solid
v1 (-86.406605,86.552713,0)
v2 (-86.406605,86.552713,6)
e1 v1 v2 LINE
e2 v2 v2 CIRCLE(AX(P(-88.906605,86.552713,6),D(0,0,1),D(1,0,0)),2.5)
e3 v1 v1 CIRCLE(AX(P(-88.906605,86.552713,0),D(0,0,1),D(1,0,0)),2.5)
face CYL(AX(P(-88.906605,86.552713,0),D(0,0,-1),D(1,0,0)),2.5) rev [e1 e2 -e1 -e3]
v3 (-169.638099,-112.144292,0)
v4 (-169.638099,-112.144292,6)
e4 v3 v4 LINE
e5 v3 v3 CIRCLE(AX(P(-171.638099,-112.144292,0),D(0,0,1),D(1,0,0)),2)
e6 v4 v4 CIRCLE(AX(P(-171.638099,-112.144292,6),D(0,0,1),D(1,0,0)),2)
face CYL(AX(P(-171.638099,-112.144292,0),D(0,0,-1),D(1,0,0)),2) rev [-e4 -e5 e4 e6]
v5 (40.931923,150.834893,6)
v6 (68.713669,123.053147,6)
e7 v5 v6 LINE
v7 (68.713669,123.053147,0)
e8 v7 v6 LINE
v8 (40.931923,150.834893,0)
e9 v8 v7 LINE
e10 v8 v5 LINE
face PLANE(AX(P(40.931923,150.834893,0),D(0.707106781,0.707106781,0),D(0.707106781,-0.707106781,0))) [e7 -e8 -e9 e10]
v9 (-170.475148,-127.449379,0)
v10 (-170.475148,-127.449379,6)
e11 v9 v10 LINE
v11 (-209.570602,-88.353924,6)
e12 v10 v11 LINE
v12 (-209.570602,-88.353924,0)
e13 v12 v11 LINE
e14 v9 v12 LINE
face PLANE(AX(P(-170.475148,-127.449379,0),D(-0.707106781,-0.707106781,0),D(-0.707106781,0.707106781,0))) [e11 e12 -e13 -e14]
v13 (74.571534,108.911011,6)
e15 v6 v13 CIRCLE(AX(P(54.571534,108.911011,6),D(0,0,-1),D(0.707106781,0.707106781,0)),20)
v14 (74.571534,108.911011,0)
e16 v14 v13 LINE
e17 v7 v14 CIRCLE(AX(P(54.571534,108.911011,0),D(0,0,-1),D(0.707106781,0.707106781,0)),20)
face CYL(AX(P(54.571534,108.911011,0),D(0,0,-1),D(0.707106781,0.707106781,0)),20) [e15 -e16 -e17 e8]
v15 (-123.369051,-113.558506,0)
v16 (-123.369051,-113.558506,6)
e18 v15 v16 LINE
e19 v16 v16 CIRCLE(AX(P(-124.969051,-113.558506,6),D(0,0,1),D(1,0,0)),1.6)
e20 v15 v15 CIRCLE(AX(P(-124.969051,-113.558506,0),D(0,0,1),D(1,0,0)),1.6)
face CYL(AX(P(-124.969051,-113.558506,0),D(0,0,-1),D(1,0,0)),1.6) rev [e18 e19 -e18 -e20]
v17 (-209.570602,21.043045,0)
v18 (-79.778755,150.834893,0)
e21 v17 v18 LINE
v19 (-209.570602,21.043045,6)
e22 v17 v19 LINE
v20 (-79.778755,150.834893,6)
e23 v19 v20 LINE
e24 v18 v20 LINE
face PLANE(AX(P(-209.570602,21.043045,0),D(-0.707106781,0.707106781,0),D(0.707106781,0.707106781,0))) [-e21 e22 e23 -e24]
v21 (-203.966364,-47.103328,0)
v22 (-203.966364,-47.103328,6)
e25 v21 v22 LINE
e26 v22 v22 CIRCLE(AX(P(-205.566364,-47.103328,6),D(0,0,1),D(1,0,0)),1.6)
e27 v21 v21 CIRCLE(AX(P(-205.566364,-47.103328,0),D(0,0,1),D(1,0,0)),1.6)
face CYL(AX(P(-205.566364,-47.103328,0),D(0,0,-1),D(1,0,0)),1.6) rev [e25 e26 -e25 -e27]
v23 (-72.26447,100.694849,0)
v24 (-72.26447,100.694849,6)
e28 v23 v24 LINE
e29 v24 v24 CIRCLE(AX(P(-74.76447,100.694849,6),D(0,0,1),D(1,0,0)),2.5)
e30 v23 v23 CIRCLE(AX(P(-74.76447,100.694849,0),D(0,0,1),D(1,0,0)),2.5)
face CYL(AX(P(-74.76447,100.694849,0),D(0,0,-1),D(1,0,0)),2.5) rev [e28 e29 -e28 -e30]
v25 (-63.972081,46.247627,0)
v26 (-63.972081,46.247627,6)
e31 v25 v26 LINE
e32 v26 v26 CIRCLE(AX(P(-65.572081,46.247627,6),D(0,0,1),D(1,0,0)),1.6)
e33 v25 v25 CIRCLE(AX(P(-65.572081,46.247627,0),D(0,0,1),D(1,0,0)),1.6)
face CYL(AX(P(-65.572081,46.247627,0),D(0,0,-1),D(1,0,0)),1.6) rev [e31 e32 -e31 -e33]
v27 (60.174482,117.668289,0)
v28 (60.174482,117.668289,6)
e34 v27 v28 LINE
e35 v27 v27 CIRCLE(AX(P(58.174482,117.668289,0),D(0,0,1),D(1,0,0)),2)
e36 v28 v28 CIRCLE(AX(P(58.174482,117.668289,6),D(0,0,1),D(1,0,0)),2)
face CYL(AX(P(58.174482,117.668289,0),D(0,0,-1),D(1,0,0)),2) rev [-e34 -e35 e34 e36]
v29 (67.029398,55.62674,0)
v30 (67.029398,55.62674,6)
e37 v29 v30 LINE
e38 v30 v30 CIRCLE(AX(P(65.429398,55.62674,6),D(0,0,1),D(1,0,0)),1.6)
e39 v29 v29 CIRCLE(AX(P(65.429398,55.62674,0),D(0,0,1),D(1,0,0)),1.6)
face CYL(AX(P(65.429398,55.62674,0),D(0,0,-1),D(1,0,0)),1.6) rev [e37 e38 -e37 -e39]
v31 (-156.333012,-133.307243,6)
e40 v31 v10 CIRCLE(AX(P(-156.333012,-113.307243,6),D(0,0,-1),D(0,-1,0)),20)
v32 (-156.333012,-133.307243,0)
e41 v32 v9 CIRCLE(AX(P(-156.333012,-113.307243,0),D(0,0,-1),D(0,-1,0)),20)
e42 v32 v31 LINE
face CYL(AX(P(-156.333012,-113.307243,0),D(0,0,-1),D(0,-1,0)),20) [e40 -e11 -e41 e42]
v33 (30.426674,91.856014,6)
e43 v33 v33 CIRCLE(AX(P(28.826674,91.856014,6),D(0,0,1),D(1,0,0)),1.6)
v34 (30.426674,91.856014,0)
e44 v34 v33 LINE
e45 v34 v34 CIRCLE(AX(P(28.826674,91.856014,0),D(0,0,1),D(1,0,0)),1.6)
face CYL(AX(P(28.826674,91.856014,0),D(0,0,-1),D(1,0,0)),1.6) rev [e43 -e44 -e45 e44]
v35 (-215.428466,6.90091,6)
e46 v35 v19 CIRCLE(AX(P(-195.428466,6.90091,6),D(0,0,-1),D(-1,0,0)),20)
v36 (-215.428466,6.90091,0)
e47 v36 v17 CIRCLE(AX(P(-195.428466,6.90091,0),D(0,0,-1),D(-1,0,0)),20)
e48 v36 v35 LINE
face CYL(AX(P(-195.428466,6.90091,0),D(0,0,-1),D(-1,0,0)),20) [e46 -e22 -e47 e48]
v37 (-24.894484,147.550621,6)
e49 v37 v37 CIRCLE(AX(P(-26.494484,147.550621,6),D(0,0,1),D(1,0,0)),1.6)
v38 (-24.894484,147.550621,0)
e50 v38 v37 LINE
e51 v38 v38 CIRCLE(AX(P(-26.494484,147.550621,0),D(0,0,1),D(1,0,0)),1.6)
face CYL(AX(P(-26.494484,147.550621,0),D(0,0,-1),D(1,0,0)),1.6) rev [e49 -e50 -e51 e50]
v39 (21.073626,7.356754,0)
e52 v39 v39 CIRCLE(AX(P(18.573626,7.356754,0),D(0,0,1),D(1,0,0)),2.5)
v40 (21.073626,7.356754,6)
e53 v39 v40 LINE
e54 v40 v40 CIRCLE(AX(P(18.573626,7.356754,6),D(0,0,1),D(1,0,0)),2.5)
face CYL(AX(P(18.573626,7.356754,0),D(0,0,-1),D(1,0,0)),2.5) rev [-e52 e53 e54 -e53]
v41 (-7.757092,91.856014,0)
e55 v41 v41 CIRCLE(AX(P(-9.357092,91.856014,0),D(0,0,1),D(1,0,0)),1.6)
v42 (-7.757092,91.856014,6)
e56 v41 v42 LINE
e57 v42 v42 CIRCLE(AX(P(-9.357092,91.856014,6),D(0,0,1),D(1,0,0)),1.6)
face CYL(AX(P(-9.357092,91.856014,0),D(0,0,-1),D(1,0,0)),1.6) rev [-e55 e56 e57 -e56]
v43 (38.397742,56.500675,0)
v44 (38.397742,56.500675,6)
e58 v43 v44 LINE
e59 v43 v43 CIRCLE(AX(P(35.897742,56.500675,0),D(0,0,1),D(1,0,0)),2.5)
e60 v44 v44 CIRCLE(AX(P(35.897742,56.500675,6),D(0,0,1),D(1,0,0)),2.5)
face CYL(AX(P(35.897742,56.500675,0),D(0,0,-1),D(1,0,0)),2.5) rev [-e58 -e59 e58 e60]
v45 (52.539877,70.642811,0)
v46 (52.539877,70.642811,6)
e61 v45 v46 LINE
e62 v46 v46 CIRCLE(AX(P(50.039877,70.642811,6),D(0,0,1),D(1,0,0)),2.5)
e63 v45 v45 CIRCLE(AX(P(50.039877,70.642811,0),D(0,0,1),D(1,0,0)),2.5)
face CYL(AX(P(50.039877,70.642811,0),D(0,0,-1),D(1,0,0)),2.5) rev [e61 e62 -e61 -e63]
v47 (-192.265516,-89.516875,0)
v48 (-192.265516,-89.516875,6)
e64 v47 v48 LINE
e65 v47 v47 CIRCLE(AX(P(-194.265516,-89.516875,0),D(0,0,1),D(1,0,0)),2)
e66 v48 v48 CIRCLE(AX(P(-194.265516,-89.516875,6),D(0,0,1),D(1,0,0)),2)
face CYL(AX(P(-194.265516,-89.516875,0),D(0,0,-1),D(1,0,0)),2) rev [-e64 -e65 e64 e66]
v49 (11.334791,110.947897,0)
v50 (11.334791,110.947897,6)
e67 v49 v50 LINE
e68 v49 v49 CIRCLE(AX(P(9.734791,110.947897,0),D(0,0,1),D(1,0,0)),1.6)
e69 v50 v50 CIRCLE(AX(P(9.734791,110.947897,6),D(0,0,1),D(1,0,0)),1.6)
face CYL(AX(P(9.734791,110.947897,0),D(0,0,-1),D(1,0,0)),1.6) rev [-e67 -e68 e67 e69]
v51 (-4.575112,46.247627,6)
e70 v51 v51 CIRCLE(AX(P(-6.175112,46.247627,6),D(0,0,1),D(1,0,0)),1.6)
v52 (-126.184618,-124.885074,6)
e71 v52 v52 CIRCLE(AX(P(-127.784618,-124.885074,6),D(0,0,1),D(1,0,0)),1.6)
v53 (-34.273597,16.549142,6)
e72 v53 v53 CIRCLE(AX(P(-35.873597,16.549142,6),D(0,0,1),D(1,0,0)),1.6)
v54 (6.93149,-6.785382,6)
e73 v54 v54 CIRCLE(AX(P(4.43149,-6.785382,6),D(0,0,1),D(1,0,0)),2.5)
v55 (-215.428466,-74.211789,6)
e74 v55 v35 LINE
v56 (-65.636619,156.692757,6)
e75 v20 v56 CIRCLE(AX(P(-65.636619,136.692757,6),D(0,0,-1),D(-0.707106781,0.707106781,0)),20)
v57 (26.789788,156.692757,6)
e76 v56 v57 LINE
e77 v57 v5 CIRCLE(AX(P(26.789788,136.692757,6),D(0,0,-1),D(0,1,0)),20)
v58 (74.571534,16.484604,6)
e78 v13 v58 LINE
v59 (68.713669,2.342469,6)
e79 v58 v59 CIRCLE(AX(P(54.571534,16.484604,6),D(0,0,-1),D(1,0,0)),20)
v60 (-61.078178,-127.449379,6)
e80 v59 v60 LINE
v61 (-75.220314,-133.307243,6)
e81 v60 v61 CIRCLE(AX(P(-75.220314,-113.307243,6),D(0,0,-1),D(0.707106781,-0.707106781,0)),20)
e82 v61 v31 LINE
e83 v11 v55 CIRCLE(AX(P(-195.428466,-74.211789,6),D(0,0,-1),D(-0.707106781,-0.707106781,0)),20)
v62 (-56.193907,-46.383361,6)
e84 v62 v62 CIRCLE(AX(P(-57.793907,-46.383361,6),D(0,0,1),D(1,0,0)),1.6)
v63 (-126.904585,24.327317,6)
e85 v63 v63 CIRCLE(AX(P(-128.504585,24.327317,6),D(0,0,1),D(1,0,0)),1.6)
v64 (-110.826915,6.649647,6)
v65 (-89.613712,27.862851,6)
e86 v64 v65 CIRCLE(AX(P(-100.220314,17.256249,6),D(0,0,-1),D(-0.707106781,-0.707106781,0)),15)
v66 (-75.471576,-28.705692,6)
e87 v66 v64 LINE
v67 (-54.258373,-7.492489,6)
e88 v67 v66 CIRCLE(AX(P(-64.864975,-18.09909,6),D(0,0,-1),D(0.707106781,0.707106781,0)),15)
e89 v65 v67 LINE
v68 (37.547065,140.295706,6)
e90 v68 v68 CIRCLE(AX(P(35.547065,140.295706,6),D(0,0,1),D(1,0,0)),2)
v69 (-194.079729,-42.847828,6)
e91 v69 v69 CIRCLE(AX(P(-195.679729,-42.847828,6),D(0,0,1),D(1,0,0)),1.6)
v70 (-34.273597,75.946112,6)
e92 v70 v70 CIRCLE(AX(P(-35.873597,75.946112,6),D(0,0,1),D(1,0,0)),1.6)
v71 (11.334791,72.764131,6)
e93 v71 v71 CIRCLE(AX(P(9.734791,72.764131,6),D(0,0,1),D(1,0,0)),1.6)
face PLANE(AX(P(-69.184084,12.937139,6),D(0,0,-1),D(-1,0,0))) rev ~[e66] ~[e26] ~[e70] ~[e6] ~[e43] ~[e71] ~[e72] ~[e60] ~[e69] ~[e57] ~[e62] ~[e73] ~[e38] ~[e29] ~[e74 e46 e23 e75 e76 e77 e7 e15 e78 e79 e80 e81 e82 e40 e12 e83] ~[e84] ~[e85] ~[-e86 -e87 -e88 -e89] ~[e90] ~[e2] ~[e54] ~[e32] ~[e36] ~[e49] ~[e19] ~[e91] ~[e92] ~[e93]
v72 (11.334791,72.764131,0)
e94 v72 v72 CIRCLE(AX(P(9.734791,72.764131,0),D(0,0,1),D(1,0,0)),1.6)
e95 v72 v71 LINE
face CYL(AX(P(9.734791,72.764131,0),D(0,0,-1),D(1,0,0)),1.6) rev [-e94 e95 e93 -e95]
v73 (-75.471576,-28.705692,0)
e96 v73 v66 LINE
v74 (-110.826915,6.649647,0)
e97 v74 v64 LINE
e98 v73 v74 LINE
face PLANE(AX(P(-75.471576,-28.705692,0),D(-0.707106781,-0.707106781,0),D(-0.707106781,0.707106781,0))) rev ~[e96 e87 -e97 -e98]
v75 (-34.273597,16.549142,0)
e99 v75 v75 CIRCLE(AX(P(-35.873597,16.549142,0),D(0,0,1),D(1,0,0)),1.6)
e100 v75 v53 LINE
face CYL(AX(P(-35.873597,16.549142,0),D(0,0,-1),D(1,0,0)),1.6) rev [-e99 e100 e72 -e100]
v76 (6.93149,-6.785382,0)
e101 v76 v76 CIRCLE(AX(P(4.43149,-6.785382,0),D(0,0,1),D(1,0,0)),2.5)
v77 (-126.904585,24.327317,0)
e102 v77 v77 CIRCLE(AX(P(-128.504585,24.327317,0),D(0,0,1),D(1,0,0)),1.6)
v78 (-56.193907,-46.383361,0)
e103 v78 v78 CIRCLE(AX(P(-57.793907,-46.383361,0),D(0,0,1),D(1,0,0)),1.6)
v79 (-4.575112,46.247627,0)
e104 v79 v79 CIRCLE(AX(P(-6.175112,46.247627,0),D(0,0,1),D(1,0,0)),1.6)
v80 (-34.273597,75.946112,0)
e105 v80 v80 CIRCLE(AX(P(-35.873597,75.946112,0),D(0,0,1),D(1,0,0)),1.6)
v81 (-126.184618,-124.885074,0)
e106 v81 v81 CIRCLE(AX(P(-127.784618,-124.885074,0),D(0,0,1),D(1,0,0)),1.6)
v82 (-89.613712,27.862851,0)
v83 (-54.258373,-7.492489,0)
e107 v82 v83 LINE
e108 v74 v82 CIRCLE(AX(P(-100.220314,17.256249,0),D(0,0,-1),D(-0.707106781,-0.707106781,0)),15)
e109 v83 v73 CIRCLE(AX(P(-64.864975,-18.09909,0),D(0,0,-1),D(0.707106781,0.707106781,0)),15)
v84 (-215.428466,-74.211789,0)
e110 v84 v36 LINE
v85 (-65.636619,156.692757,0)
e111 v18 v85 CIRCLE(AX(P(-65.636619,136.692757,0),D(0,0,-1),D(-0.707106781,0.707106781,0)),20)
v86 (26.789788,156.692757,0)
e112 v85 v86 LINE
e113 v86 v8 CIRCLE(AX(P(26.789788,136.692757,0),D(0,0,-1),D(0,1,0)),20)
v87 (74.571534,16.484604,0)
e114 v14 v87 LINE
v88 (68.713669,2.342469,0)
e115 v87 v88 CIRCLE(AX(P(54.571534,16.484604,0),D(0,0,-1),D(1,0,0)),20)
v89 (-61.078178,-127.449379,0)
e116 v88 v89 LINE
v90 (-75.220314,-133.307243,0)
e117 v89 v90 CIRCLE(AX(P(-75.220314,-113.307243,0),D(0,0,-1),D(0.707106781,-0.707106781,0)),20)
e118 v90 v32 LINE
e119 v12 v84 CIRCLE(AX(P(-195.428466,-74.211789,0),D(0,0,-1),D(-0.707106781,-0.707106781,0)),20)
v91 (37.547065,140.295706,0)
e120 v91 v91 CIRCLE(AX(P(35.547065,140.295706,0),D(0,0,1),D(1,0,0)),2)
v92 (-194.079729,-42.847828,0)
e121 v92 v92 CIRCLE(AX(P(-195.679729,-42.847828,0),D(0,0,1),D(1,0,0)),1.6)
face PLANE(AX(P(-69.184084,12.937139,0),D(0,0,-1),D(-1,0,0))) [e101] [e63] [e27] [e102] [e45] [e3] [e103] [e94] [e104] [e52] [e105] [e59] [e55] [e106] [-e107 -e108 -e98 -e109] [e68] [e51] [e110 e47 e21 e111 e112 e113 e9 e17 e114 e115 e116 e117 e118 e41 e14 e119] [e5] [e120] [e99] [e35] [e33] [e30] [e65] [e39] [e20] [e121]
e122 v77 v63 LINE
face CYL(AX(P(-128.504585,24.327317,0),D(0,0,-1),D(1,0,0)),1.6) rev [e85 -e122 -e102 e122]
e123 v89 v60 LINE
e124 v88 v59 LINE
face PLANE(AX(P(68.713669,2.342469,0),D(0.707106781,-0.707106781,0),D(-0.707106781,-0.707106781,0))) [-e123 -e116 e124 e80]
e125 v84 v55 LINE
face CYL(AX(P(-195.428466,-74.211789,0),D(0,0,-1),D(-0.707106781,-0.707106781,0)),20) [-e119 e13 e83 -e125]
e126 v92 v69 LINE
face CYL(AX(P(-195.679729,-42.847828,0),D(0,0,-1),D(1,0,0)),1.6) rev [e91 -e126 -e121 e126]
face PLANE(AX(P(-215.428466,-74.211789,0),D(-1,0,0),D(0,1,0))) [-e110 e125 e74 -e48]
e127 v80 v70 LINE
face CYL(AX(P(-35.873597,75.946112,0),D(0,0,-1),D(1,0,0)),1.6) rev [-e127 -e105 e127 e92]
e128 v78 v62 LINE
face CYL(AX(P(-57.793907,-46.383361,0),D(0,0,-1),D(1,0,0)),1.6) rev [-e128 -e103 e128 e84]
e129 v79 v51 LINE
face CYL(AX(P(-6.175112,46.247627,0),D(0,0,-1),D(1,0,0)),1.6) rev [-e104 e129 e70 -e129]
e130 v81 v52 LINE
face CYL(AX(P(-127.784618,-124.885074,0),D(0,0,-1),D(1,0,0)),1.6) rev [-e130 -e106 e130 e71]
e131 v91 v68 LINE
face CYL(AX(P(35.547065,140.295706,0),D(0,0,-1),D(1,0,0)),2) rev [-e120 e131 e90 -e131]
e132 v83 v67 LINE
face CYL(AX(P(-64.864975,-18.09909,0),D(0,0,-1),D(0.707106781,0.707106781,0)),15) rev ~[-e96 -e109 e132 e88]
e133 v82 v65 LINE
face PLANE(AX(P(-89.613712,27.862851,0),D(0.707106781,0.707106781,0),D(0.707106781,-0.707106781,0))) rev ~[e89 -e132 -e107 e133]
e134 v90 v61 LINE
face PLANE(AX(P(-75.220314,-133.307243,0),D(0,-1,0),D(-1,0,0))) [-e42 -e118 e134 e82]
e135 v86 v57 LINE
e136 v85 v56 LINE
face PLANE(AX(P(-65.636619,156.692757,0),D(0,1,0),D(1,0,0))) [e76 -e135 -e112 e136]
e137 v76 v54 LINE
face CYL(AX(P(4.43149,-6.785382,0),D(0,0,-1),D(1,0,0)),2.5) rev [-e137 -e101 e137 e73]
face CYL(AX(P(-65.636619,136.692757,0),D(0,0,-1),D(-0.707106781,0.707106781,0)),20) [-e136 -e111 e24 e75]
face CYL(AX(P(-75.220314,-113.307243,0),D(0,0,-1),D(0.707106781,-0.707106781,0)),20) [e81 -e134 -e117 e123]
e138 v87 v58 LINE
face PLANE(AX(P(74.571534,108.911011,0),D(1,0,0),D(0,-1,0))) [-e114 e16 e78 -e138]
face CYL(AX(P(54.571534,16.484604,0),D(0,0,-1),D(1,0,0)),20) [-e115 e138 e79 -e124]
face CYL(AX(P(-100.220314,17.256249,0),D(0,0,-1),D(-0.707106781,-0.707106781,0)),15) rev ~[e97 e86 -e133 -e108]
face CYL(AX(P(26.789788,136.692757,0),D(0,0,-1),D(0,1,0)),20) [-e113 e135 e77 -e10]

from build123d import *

# Parameters (mm, degrees)
SKETCH1_R           = 2
SKETCH1_R_2         = 1.6
SKETCH1_R_3         = 2.5
BOSS_EXTRUDE1_DEPTH = 6


with BuildPart() as part:
    # Sketch1 → Boss-Extrude1 (new body)
    with BuildSketch(Plane.XY):
        with BuildLine():
            Line((-209.57060205, 21.0430454), (-79.778754851, 150.834892598))
            ThreePointArc((-79.778754851, 150.834892598), (-73.290287875, 155.170347624), (-65.636619228, 156.692756974))
            Line((-65.636619228, 156.692756974), (26.789787643, 156.692756974))
            ThreePointArc((26.789787643, 156.692756974), (34.443456291, 155.170347624), (40.931923267, 150.834892598))
            Line((40.931923267, 150.834892598), (68.713669198, 123.053146667))
            ThreePointArc((68.713669198, 123.053146667), (73.049124224, 116.564679691), (74.571533574, 108.911011044))
            Line((74.571533574, 108.911011044), (74.571533574, 16.484604172))
            ThreePointArc((74.571533574, 16.484604172), (73.049124224, 8.830935525), (68.713669198, 2.342468549))
            Line((68.713669198, 2.342468549), (-61.078178001, -127.44937865))
            ThreePointArc((-61.078178001, -127.44937865), (-67.566644977, -131.784833676), (-75.220313624, -133.307243026))
            Line((-75.220313624, -133.307243026), (-156.333011997, -133.307243026))
            ThreePointArc((-156.333011997, -133.307243026), (-163.986680644, -131.784833676), (-170.47514762, -127.44937865))
            Line((-170.47514762, -127.44937865), (-209.57060205, -88.35392422))
            ThreePointArc((-209.57060205, -88.35392422), (-213.906057076, -81.865457244), (-215.428466426, -74.211788596))
            Line((-215.428466426, -74.211788596), (-215.428466426, 6.900909776))
            ThreePointArc((-215.428466426, 6.900909776), (-213.906057076, 14.554578423), (-209.57060205, 21.0430454))
        make_face()
        with Locations((-194.265515522, -89.516875124)):
            Circle(SKETCH1_R, mode=Mode.SUBTRACT)
        with Locations((-171.638098524, -112.144292122)):
            Circle(SKETCH1_R, mode=Mode.SUBTRACT)
        with Locations((-195.679729085, -42.847827566)):
            Circle(SKETCH1_R_2, mode=Mode.SUBTRACT)
        with Locations((-124.969050966, -113.558505684)):
            Circle(SKETCH1_R_2, mode=Mode.SUBTRACT)
        with Locations((-57.793906753, -46.383361472)):
            Circle(SKETCH1_R_2, mode=Mode.SUBTRACT)
        with Locations((-128.504584872, 24.327316647)):
            Circle(SKETCH1_R_2, mode=Mode.SUBTRACT)
        with Locations((-205.566364073, -47.103328201)):
            Circle(SKETCH1_R_2, mode=Mode.SUBTRACT)
        with Locations((-127.784618142, -124.885074131)):
            Circle(SKETCH1_R_2, mode=Mode.SUBTRACT)
        with Locations((-65.572081346, 46.247626864)):
            Circle(SKETCH1_R_2, mode=Mode.SUBTRACT)
        with Locations((-35.873596536, 16.549142054)):
            Circle(SKETCH1_R_2, mode=Mode.SUBTRACT)
        with Locations((-6.175111727, 46.247626864)):
            Circle(SKETCH1_R_2, mode=Mode.SUBTRACT)
        with Locations((-35.873596536, 75.946111674)):
            Circle(SKETCH1_R_2, mode=Mode.SUBTRACT)
        with Locations((-9.357092242, 91.85601425)):
            Circle(SKETCH1_R_2, mode=Mode.SUBTRACT)
        with Locations((9.73479085, 72.764131158)):
            Circle(SKETCH1_R_2, mode=Mode.SUBTRACT)
        with Locations((28.826673942, 91.85601425)):
            Circle(SKETCH1_R_2, mode=Mode.SUBTRACT)
        with Locations((9.73479085, 110.947897342)):
            Circle(SKETCH1_R_2, mode=Mode.SUBTRACT)
        with Locations((35.547065377, 140.295705776)):
            Circle(SKETCH1_R, mode=Mode.SUBTRACT)
        with Locations((58.174482375, 117.668288778)):
            Circle(SKETCH1_R, mode=Mode.SUBTRACT)
        with Locations((50.039877378, 70.642810815)):
            Circle(SKETCH1_R_3, mode=Mode.SUBTRACT)
        with Locations((35.897741754, 56.500675191)):
            Circle(SKETCH1_R_3, mode=Mode.SUBTRACT)
        with Locations((18.573625615, 7.356753899)):
            Circle(SKETCH1_R_3, mode=Mode.SUBTRACT)
        with Locations((4.431489991, -6.785381725)):
            Circle(SKETCH1_R_3, mode=Mode.SUBTRACT)
        with Locations((-74.764469502, 100.694849015)):
            Circle(SKETCH1_R_3, mode=Mode.SUBTRACT)
        with Locations((-88.906605125, 86.552713392)):
            Circle(SKETCH1_R_3, mode=Mode.SUBTRACT)
        with Locations((-26.494483604, 147.55062135)):
            Circle(SKETCH1_R_2, mode=Mode.SUBTRACT)
        with Locations((65.42939795, 55.626739796)):
            Circle(SKETCH1_R_2, mode=Mode.SUBTRACT)
        with BuildLine():
            Line((-89.613711907, 27.862850553), (-54.258372847, -7.492488506))
            ThreePointArc((-54.258372847, -7.492488506), (-54.258372847, -28.705691942), (-75.471576283, -28.705691942))
            Line((-75.471576283, -28.705691942), (-110.826915342, 6.649647117))
            ThreePointArc((-110.826915342, 6.649647117), (-110.826915342, 27.862850553), (-89.613711907, 27.862850553))
        make_face(mode=Mode.SUBTRACT)
    extrude(amount=BOSS_EXTRUDE1_DEPTH)


solid = part.part
